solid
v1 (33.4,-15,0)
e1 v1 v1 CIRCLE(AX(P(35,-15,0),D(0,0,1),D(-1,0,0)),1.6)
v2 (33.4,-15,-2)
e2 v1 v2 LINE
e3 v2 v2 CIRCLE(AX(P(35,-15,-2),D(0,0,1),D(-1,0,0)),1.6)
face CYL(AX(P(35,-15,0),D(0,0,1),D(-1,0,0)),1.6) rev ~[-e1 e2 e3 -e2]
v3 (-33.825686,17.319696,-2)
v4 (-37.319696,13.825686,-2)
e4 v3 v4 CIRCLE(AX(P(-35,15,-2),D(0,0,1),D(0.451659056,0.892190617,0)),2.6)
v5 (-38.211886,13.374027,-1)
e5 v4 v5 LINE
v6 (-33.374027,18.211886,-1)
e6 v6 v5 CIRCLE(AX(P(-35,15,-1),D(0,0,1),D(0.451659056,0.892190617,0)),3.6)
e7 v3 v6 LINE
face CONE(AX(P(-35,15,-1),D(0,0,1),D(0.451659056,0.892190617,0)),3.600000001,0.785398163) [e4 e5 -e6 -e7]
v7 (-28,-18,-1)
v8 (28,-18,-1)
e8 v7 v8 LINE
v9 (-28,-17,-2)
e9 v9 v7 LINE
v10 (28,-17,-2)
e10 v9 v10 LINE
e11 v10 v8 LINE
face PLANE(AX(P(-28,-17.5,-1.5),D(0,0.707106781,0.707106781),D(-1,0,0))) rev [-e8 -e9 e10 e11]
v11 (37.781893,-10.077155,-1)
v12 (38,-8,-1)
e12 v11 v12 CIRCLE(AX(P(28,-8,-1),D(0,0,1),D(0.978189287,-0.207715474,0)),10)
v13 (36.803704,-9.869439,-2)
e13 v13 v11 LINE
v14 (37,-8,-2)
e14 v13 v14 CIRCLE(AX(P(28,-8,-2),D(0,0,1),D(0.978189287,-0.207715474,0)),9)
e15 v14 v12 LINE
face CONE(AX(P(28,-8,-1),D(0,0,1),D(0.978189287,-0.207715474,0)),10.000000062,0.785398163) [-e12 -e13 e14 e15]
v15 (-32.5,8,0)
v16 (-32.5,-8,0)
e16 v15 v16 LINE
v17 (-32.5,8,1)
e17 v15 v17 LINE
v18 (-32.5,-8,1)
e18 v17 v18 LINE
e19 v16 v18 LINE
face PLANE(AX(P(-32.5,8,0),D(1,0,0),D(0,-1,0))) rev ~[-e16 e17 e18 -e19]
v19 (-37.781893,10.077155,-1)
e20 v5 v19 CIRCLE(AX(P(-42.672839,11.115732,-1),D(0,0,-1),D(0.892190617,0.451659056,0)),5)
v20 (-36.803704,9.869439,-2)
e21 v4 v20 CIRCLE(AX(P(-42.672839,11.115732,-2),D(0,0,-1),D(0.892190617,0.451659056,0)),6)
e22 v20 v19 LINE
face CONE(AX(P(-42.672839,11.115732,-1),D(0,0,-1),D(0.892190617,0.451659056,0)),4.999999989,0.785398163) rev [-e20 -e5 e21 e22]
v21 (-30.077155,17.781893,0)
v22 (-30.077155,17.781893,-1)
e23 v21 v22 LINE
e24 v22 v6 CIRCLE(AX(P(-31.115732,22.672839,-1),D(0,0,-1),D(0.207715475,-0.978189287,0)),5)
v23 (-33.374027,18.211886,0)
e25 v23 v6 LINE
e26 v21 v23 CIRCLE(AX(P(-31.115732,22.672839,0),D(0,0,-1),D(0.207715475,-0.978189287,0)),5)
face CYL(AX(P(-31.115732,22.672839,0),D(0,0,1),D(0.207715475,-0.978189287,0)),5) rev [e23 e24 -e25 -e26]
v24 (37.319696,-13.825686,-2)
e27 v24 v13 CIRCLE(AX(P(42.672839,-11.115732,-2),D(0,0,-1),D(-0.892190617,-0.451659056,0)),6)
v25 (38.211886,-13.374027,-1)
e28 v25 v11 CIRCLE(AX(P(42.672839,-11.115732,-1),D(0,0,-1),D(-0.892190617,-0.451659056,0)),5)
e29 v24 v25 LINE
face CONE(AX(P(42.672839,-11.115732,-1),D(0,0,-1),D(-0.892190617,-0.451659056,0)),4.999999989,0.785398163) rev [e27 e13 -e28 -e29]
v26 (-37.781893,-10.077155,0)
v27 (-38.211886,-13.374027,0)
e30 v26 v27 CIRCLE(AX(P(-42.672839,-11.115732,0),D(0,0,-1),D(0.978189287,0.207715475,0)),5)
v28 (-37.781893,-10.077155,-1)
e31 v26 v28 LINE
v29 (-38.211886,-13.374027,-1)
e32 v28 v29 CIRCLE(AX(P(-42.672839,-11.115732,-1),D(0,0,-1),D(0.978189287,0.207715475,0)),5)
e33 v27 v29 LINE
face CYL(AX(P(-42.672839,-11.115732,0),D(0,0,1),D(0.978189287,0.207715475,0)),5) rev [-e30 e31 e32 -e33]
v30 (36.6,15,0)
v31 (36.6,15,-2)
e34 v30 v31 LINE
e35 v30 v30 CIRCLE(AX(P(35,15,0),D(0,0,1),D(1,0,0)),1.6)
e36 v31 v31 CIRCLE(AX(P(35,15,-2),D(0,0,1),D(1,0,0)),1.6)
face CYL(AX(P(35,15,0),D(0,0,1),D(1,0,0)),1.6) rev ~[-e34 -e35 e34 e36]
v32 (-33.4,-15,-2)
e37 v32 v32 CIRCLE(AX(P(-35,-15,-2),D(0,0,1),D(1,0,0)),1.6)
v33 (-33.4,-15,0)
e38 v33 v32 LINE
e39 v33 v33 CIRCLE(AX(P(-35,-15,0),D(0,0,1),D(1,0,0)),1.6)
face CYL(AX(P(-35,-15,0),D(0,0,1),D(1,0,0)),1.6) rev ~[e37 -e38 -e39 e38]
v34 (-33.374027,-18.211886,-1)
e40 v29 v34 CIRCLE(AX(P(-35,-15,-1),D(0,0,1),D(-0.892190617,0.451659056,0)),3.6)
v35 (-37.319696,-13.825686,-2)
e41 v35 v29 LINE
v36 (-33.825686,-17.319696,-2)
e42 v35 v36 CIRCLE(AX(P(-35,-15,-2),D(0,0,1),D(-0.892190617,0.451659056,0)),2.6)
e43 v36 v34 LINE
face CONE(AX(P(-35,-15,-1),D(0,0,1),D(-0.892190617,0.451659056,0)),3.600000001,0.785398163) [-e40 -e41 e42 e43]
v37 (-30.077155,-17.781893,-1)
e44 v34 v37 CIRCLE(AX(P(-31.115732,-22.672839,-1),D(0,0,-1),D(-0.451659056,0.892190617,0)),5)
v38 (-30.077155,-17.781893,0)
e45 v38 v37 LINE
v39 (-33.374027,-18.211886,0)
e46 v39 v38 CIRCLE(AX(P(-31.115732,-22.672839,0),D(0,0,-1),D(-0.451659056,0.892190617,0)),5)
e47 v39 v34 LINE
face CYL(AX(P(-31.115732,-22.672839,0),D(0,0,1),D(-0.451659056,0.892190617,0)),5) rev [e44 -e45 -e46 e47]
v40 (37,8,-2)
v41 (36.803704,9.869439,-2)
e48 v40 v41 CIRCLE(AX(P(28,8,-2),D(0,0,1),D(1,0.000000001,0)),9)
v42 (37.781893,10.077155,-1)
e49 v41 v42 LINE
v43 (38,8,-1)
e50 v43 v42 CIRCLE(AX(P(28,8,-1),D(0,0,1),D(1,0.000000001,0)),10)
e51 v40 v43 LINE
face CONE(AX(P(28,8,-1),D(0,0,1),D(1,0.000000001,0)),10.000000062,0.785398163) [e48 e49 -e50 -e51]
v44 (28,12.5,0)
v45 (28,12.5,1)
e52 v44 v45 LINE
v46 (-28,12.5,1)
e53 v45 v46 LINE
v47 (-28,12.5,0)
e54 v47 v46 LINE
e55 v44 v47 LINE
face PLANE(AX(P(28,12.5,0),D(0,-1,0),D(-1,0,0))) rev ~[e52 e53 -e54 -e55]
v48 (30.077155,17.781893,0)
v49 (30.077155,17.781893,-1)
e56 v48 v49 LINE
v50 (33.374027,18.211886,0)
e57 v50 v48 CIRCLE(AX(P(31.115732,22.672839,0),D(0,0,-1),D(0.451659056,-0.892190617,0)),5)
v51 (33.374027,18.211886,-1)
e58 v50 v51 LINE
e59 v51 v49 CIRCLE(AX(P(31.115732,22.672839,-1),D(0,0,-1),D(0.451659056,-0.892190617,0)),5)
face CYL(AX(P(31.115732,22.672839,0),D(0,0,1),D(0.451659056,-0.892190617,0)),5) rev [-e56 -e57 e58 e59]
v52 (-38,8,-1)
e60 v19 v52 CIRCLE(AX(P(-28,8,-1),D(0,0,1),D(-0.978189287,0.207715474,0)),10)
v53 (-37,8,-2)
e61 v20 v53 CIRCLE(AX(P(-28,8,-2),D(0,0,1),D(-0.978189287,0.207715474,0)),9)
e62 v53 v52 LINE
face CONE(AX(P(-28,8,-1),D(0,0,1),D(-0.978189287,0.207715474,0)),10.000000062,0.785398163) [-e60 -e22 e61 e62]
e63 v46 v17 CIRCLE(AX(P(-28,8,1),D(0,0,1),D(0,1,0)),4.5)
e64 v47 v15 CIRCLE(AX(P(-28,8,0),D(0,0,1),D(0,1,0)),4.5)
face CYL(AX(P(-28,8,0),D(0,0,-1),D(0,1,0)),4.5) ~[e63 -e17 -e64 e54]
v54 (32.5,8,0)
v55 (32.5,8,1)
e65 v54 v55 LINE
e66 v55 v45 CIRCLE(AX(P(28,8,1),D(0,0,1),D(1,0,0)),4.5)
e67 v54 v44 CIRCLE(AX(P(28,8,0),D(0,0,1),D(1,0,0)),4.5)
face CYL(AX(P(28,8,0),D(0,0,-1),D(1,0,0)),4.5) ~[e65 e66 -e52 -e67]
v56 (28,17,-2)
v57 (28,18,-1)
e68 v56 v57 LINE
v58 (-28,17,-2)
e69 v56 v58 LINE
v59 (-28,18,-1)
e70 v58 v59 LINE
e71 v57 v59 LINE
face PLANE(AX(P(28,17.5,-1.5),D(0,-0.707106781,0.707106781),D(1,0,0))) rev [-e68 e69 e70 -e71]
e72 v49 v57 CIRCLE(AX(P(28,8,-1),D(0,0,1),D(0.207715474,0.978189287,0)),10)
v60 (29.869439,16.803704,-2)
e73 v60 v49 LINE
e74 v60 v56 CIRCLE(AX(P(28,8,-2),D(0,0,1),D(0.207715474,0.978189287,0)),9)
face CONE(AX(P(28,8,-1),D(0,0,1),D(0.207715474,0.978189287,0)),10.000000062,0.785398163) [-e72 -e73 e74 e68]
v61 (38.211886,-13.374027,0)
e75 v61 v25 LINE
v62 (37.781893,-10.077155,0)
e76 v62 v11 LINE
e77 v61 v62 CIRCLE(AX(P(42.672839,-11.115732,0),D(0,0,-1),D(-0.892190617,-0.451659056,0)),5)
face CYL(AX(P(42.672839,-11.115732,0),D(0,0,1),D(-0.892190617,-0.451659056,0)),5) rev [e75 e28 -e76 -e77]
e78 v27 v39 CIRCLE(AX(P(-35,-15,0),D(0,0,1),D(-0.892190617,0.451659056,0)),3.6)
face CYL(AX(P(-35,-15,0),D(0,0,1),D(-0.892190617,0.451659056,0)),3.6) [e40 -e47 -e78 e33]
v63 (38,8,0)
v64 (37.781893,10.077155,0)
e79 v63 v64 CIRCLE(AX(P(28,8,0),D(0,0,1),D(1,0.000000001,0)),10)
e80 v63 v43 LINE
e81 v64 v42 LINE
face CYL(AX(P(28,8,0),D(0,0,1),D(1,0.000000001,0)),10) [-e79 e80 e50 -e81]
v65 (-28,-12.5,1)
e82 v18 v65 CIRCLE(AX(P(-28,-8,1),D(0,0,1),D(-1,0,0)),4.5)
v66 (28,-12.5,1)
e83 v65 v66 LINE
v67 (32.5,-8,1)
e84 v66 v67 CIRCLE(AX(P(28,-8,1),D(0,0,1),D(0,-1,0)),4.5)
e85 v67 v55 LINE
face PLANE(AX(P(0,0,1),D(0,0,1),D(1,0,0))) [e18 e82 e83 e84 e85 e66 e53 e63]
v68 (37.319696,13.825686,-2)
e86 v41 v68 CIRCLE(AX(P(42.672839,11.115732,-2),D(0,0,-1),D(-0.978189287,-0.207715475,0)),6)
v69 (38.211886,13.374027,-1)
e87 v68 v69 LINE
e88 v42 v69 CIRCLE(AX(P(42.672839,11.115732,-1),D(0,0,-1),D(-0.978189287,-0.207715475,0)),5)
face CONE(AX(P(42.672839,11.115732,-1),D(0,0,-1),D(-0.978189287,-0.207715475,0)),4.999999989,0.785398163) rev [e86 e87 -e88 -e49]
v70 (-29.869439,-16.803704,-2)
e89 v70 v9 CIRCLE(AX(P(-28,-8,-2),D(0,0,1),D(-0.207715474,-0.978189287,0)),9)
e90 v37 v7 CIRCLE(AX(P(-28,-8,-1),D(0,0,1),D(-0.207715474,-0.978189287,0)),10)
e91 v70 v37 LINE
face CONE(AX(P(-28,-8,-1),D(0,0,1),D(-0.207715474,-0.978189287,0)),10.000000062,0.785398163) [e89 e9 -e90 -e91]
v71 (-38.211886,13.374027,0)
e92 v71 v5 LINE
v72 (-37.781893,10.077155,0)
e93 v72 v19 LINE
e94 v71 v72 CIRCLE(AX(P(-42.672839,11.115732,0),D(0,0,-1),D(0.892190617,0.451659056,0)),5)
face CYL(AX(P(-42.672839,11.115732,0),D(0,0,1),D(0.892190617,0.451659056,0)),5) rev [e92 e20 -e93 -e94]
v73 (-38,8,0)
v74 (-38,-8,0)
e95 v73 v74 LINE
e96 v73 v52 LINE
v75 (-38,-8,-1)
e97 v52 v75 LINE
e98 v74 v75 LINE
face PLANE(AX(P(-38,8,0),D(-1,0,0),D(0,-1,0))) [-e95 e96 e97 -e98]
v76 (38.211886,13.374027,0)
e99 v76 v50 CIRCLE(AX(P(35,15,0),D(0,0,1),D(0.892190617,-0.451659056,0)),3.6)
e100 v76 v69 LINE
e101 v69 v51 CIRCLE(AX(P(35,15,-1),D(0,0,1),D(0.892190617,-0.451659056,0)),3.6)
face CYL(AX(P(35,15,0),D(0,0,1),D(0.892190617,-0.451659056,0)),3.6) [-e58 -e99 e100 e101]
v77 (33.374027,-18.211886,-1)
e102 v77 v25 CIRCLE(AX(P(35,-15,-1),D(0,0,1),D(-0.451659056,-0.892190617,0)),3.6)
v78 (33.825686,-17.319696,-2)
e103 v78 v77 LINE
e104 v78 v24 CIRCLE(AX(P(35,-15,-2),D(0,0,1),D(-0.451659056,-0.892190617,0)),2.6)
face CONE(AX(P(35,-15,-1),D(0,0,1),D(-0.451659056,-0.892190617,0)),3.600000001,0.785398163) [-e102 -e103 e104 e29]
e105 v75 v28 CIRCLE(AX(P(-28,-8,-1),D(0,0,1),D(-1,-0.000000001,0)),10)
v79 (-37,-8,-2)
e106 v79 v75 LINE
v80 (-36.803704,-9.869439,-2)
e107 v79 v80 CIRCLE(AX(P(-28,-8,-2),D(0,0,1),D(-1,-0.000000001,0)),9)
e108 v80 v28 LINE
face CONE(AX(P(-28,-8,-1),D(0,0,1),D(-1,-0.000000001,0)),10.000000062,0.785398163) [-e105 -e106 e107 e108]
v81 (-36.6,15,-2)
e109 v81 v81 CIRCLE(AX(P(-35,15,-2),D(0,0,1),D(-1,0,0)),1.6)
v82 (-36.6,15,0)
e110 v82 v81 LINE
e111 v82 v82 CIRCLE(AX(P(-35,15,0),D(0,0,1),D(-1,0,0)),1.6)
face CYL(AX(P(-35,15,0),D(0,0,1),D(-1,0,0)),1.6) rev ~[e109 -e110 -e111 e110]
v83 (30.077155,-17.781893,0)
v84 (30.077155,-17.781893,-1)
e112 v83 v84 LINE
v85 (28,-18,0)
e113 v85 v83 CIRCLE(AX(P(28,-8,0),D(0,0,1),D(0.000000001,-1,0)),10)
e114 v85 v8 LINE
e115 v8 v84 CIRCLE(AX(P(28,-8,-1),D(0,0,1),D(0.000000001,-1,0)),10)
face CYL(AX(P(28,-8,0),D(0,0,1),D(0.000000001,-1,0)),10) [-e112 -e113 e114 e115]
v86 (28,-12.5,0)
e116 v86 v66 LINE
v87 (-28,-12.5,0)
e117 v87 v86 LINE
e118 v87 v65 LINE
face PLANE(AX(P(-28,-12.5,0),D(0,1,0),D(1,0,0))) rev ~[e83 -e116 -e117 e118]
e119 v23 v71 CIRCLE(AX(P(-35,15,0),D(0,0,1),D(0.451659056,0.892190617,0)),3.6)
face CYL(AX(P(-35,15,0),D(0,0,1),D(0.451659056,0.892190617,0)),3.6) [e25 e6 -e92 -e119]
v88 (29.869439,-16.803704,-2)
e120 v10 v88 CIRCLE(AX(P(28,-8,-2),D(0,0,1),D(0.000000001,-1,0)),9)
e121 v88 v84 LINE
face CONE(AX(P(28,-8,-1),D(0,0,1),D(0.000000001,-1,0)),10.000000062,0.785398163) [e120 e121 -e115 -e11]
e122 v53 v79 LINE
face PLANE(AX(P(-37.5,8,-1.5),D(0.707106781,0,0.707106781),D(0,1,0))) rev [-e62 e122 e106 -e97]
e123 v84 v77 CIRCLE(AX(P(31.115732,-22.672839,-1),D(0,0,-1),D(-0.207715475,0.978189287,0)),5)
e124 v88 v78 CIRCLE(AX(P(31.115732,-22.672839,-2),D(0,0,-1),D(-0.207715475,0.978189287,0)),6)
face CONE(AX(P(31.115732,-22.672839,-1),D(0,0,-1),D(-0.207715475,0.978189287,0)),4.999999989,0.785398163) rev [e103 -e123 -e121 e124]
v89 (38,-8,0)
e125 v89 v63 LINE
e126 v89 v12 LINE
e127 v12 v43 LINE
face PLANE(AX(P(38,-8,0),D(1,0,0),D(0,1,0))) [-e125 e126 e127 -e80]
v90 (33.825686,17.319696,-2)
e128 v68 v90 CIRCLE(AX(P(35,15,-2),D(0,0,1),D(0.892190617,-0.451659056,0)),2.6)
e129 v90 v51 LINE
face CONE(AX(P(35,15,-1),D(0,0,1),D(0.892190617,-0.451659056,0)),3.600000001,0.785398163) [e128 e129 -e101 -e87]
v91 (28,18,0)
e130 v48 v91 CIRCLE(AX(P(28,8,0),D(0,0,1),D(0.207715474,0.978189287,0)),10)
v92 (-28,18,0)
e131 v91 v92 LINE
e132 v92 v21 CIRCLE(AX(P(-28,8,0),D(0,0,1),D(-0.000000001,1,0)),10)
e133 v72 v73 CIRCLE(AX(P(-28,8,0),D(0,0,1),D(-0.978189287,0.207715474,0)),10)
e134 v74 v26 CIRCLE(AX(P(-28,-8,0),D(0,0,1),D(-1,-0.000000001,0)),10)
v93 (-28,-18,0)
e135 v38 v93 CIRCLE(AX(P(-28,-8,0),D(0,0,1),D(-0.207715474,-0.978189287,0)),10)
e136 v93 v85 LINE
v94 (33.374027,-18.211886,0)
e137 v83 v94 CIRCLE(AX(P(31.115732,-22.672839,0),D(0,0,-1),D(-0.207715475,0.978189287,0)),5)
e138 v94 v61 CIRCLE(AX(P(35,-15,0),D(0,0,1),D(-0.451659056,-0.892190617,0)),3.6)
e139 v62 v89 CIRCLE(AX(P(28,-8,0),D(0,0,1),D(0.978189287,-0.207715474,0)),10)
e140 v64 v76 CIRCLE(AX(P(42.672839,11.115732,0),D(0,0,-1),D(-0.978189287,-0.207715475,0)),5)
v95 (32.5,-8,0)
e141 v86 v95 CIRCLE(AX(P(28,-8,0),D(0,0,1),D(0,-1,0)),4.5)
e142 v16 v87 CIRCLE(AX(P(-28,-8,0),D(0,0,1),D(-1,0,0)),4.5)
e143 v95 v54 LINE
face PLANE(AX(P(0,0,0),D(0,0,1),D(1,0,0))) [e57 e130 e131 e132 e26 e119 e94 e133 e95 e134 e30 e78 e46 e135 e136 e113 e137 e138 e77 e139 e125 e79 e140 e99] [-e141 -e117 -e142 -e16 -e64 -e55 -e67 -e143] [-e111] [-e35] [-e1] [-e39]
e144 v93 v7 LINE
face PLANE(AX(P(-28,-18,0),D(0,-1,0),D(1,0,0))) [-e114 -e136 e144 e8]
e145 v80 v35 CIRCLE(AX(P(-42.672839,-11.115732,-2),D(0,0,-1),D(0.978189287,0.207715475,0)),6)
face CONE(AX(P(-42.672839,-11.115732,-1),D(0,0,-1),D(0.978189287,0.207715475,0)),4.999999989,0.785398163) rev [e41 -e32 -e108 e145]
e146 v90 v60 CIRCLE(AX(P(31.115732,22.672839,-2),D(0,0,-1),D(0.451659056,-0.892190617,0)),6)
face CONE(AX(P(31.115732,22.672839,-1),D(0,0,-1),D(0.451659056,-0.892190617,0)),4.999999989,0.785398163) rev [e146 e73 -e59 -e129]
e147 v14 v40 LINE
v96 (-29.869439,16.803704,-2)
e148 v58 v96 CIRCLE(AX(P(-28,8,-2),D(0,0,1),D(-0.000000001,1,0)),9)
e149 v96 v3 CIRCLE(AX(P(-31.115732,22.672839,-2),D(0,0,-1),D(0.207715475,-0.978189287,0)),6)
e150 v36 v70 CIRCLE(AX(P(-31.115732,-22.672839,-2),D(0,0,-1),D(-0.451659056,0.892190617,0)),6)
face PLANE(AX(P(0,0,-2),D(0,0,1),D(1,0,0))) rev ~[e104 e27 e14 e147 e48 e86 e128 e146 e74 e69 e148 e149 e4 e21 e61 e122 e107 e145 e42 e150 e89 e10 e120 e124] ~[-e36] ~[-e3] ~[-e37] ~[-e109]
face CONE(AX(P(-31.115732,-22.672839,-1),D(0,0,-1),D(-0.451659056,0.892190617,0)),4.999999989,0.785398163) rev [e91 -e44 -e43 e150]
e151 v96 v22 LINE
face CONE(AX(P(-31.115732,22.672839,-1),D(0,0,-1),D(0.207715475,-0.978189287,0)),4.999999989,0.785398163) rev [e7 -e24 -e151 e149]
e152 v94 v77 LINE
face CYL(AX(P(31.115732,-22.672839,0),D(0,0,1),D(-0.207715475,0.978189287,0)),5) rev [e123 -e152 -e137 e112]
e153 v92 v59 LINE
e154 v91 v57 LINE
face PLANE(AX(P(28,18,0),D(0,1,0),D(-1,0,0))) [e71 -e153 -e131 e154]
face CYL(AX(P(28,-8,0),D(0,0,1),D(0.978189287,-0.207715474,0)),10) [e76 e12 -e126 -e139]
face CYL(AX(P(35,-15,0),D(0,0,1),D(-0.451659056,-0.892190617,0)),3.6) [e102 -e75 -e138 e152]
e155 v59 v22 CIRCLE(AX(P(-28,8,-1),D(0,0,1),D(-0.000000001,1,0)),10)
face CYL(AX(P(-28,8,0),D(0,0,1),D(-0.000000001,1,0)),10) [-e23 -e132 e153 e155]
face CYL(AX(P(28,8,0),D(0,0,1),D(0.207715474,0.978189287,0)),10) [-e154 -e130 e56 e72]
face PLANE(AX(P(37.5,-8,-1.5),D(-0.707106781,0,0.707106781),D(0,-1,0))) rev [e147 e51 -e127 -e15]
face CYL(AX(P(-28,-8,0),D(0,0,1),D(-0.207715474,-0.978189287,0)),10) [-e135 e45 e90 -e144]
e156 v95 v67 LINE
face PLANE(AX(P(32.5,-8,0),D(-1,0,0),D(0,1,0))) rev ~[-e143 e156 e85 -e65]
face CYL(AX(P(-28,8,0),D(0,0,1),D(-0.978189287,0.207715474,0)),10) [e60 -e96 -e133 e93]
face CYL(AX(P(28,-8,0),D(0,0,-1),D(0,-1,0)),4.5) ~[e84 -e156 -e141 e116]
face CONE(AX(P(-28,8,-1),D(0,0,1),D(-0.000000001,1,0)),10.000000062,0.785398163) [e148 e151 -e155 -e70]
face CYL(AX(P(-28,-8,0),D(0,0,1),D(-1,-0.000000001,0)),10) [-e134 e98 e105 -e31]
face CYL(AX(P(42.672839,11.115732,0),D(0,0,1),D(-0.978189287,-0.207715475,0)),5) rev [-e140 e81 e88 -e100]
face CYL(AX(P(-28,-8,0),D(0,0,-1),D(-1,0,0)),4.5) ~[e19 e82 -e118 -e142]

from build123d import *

# Parameters (mm, degrees)
SKETCH1_R           = 1.6
BOSS_EXTRUDE1_DEPTH = 2
BOSS_EXTRUDE2_DEPTH = 1
CHAMFER1_SIZE       = 1


with BuildPart() as part:
    # Sketch1 → Boss-Extrude1 (new body)
    with BuildSketch(Plane.XY):
        with BuildLine():
            Line((38, -8), (38, 8))
            ThreePointArc((38, 8), (37.945323743, 9.044287145), (37.781892872, 10.077154747))
            ThreePointArc((37.781892872, 10.077154747), (37.714830787, 11.762378479), (38.211886222, 13.374027399))
            ThreePointArc((38.211886222, 13.374027399), (37.545584412, 17.545584412), (33.374027399, 18.211886222))
            ThreePointArc((33.374027399, 18.211886222), (31.762378479, 17.714830787), (30.077154747, 17.781892872))
            ThreePointArc((30.077154747, 17.781892872), (29.044287145, 17.945323743), (28, 18))
            Line((28, 18), (-28, 18))
            ThreePointArc((-28, 18), (-29.044287145, 17.945323743), (-30.077154747, 17.781892872))
            ThreePointArc((-30.077154747, 17.781892872), (-31.762378479, 17.714830787), (-33.374027399, 18.211886222))
            ThreePointArc((-33.374027399, 18.211886222), (-37.545584412, 17.545584412), (-38.211886222, 13.374027399))
            ThreePointArc((-38.211886222, 13.374027399), (-37.714830787, 11.762378479), (-37.781892872, 10.077154747))
            ThreePointArc((-37.781892872, 10.077154747), (-37.945323743, 9.044287145), (-38, 8))
            Line((-38, 8), (-38, -8))
            ThreePointArc((-38, -8), (-37.945323743, -9.044287145), (-37.781892872, -10.077154747))
            ThreePointArc((-37.781892872, -10.077154747), (-37.714830787, -11.762378479), (-38.211886222, -13.374027399))
            ThreePointArc((-38.211886222, -13.374027399), (-37.545584412, -17.545584412), (-33.374027399, -18.211886222))
            ThreePointArc((-33.374027399, -18.211886222), (-31.762378479, -17.714830787), (-30.077154747, -17.781892872))
            ThreePointArc((-30.077154747, -17.781892872), (-29.044287145, -17.945323743), (-28, -18))
            Line((-28, -18), (28, -18))
            ThreePointArc((28, -18), (29.044287145, -17.945323743), (30.077154747, -17.781892872))
            ThreePointArc((30.077154747, -17.781892872), (31.762378479, -17.714830787), (33.374027399, -18.211886222))
            ThreePointArc((33.374027399, -18.211886222), (37.545584412, -17.545584412), (38.211886222, -13.374027399))
            ThreePointArc((38.211886222, -13.374027399), (37.714830787, -11.762378479), (37.781892872, -10.077154747))
            ThreePointArc((37.781892872, -10.077154747), (37.945323743, -9.044287145), (38, -8))
        make_face()
        with Locations((35, 15)):
            Circle(SKETCH1_R, mode=Mode.SUBTRACT)
        with Locations((-35, 15)):
            Circle(SKETCH1_R, mode=Mode.SUBTRACT)
        with Locations((35, -15)):
            Circle(SKETCH1_R, mode=Mode.SUBTRACT)
        with Locations((-35, -15)):
            Circle(SKETCH1_R, mode=Mode.SUBTRACT)
    extrude(amount=-BOSS_EXTRUDE1_DEPTH)

    # Sketch1<3> → Boss-Extrude2 (add)
    with BuildSketch(Plane.XY):
        with BuildLine():
            ThreePointArc((28, -12.5), (31.181980515, -11.181980515), (32.5, -8))
            Line((32.5, -8), (32.5, 8))
            ThreePointArc((32.5, 8), (31.181980515, 11.181980515), (28, 12.5))
            Line((28, 12.5), (-28, 12.5))
            ThreePointArc((-28, 12.5), (-31.181980515, 11.181980515), (-32.5, 8))
            Line((-32.5, 8), (-32.5, -8))
            ThreePointArc((-32.5, -8), (-31.181980515, -11.181980515), (-28, -12.5))
            Line((-28, -12.5), (28, -12.5))
        make_face()
    extrude(amount=BOSS_EXTRUDE2_DEPTH)

    # Chamfer1
    chamfer1_edges = [part.edges().sort_by_distance(p)[0] for p in [
        (-38, 0, -2),
        (-37.945323743, -9.044287145, -2),
        (-37.945323743, 9.044287145, -2),
        (-37.714830787, -11.762378479, -2),
        (-37.714830787, 11.762378479, -2),
        (-37.545584412, -17.545584412, -2),
        (-37.545584412, 17.545584412, -2),
        (-31.762378479, -17.714830787, -2),
        (-31.762378479, 17.714830787, -2),
        (-29.044287145, -17.945323743, -2),
        (-29.044287145, 17.945323743, -2),
        (0, -18, -2),
        (0, 18, -2),
        (29.044287145, -17.945323743, -2),
        (29.044287145, 17.945323743, -2),
        (31.762378479, -17.714830787, -2),
        (31.762378479, 17.714830787, -2),
        (37.545584412, -17.545584412, -2),
        (37.545584412, 17.545584412, -2),
        (37.714830787, -11.762378479, -2),
        (37.714830787, 11.762378479, -2),
        (37.945323743, -9.044287145, -2),
        (37.945323743, 9.044287145, -2),
        (38, 0, -2),
    ]]
    chamfer(chamfer1_edges, length=CHAMFER1_SIZE)


solid = part.part
